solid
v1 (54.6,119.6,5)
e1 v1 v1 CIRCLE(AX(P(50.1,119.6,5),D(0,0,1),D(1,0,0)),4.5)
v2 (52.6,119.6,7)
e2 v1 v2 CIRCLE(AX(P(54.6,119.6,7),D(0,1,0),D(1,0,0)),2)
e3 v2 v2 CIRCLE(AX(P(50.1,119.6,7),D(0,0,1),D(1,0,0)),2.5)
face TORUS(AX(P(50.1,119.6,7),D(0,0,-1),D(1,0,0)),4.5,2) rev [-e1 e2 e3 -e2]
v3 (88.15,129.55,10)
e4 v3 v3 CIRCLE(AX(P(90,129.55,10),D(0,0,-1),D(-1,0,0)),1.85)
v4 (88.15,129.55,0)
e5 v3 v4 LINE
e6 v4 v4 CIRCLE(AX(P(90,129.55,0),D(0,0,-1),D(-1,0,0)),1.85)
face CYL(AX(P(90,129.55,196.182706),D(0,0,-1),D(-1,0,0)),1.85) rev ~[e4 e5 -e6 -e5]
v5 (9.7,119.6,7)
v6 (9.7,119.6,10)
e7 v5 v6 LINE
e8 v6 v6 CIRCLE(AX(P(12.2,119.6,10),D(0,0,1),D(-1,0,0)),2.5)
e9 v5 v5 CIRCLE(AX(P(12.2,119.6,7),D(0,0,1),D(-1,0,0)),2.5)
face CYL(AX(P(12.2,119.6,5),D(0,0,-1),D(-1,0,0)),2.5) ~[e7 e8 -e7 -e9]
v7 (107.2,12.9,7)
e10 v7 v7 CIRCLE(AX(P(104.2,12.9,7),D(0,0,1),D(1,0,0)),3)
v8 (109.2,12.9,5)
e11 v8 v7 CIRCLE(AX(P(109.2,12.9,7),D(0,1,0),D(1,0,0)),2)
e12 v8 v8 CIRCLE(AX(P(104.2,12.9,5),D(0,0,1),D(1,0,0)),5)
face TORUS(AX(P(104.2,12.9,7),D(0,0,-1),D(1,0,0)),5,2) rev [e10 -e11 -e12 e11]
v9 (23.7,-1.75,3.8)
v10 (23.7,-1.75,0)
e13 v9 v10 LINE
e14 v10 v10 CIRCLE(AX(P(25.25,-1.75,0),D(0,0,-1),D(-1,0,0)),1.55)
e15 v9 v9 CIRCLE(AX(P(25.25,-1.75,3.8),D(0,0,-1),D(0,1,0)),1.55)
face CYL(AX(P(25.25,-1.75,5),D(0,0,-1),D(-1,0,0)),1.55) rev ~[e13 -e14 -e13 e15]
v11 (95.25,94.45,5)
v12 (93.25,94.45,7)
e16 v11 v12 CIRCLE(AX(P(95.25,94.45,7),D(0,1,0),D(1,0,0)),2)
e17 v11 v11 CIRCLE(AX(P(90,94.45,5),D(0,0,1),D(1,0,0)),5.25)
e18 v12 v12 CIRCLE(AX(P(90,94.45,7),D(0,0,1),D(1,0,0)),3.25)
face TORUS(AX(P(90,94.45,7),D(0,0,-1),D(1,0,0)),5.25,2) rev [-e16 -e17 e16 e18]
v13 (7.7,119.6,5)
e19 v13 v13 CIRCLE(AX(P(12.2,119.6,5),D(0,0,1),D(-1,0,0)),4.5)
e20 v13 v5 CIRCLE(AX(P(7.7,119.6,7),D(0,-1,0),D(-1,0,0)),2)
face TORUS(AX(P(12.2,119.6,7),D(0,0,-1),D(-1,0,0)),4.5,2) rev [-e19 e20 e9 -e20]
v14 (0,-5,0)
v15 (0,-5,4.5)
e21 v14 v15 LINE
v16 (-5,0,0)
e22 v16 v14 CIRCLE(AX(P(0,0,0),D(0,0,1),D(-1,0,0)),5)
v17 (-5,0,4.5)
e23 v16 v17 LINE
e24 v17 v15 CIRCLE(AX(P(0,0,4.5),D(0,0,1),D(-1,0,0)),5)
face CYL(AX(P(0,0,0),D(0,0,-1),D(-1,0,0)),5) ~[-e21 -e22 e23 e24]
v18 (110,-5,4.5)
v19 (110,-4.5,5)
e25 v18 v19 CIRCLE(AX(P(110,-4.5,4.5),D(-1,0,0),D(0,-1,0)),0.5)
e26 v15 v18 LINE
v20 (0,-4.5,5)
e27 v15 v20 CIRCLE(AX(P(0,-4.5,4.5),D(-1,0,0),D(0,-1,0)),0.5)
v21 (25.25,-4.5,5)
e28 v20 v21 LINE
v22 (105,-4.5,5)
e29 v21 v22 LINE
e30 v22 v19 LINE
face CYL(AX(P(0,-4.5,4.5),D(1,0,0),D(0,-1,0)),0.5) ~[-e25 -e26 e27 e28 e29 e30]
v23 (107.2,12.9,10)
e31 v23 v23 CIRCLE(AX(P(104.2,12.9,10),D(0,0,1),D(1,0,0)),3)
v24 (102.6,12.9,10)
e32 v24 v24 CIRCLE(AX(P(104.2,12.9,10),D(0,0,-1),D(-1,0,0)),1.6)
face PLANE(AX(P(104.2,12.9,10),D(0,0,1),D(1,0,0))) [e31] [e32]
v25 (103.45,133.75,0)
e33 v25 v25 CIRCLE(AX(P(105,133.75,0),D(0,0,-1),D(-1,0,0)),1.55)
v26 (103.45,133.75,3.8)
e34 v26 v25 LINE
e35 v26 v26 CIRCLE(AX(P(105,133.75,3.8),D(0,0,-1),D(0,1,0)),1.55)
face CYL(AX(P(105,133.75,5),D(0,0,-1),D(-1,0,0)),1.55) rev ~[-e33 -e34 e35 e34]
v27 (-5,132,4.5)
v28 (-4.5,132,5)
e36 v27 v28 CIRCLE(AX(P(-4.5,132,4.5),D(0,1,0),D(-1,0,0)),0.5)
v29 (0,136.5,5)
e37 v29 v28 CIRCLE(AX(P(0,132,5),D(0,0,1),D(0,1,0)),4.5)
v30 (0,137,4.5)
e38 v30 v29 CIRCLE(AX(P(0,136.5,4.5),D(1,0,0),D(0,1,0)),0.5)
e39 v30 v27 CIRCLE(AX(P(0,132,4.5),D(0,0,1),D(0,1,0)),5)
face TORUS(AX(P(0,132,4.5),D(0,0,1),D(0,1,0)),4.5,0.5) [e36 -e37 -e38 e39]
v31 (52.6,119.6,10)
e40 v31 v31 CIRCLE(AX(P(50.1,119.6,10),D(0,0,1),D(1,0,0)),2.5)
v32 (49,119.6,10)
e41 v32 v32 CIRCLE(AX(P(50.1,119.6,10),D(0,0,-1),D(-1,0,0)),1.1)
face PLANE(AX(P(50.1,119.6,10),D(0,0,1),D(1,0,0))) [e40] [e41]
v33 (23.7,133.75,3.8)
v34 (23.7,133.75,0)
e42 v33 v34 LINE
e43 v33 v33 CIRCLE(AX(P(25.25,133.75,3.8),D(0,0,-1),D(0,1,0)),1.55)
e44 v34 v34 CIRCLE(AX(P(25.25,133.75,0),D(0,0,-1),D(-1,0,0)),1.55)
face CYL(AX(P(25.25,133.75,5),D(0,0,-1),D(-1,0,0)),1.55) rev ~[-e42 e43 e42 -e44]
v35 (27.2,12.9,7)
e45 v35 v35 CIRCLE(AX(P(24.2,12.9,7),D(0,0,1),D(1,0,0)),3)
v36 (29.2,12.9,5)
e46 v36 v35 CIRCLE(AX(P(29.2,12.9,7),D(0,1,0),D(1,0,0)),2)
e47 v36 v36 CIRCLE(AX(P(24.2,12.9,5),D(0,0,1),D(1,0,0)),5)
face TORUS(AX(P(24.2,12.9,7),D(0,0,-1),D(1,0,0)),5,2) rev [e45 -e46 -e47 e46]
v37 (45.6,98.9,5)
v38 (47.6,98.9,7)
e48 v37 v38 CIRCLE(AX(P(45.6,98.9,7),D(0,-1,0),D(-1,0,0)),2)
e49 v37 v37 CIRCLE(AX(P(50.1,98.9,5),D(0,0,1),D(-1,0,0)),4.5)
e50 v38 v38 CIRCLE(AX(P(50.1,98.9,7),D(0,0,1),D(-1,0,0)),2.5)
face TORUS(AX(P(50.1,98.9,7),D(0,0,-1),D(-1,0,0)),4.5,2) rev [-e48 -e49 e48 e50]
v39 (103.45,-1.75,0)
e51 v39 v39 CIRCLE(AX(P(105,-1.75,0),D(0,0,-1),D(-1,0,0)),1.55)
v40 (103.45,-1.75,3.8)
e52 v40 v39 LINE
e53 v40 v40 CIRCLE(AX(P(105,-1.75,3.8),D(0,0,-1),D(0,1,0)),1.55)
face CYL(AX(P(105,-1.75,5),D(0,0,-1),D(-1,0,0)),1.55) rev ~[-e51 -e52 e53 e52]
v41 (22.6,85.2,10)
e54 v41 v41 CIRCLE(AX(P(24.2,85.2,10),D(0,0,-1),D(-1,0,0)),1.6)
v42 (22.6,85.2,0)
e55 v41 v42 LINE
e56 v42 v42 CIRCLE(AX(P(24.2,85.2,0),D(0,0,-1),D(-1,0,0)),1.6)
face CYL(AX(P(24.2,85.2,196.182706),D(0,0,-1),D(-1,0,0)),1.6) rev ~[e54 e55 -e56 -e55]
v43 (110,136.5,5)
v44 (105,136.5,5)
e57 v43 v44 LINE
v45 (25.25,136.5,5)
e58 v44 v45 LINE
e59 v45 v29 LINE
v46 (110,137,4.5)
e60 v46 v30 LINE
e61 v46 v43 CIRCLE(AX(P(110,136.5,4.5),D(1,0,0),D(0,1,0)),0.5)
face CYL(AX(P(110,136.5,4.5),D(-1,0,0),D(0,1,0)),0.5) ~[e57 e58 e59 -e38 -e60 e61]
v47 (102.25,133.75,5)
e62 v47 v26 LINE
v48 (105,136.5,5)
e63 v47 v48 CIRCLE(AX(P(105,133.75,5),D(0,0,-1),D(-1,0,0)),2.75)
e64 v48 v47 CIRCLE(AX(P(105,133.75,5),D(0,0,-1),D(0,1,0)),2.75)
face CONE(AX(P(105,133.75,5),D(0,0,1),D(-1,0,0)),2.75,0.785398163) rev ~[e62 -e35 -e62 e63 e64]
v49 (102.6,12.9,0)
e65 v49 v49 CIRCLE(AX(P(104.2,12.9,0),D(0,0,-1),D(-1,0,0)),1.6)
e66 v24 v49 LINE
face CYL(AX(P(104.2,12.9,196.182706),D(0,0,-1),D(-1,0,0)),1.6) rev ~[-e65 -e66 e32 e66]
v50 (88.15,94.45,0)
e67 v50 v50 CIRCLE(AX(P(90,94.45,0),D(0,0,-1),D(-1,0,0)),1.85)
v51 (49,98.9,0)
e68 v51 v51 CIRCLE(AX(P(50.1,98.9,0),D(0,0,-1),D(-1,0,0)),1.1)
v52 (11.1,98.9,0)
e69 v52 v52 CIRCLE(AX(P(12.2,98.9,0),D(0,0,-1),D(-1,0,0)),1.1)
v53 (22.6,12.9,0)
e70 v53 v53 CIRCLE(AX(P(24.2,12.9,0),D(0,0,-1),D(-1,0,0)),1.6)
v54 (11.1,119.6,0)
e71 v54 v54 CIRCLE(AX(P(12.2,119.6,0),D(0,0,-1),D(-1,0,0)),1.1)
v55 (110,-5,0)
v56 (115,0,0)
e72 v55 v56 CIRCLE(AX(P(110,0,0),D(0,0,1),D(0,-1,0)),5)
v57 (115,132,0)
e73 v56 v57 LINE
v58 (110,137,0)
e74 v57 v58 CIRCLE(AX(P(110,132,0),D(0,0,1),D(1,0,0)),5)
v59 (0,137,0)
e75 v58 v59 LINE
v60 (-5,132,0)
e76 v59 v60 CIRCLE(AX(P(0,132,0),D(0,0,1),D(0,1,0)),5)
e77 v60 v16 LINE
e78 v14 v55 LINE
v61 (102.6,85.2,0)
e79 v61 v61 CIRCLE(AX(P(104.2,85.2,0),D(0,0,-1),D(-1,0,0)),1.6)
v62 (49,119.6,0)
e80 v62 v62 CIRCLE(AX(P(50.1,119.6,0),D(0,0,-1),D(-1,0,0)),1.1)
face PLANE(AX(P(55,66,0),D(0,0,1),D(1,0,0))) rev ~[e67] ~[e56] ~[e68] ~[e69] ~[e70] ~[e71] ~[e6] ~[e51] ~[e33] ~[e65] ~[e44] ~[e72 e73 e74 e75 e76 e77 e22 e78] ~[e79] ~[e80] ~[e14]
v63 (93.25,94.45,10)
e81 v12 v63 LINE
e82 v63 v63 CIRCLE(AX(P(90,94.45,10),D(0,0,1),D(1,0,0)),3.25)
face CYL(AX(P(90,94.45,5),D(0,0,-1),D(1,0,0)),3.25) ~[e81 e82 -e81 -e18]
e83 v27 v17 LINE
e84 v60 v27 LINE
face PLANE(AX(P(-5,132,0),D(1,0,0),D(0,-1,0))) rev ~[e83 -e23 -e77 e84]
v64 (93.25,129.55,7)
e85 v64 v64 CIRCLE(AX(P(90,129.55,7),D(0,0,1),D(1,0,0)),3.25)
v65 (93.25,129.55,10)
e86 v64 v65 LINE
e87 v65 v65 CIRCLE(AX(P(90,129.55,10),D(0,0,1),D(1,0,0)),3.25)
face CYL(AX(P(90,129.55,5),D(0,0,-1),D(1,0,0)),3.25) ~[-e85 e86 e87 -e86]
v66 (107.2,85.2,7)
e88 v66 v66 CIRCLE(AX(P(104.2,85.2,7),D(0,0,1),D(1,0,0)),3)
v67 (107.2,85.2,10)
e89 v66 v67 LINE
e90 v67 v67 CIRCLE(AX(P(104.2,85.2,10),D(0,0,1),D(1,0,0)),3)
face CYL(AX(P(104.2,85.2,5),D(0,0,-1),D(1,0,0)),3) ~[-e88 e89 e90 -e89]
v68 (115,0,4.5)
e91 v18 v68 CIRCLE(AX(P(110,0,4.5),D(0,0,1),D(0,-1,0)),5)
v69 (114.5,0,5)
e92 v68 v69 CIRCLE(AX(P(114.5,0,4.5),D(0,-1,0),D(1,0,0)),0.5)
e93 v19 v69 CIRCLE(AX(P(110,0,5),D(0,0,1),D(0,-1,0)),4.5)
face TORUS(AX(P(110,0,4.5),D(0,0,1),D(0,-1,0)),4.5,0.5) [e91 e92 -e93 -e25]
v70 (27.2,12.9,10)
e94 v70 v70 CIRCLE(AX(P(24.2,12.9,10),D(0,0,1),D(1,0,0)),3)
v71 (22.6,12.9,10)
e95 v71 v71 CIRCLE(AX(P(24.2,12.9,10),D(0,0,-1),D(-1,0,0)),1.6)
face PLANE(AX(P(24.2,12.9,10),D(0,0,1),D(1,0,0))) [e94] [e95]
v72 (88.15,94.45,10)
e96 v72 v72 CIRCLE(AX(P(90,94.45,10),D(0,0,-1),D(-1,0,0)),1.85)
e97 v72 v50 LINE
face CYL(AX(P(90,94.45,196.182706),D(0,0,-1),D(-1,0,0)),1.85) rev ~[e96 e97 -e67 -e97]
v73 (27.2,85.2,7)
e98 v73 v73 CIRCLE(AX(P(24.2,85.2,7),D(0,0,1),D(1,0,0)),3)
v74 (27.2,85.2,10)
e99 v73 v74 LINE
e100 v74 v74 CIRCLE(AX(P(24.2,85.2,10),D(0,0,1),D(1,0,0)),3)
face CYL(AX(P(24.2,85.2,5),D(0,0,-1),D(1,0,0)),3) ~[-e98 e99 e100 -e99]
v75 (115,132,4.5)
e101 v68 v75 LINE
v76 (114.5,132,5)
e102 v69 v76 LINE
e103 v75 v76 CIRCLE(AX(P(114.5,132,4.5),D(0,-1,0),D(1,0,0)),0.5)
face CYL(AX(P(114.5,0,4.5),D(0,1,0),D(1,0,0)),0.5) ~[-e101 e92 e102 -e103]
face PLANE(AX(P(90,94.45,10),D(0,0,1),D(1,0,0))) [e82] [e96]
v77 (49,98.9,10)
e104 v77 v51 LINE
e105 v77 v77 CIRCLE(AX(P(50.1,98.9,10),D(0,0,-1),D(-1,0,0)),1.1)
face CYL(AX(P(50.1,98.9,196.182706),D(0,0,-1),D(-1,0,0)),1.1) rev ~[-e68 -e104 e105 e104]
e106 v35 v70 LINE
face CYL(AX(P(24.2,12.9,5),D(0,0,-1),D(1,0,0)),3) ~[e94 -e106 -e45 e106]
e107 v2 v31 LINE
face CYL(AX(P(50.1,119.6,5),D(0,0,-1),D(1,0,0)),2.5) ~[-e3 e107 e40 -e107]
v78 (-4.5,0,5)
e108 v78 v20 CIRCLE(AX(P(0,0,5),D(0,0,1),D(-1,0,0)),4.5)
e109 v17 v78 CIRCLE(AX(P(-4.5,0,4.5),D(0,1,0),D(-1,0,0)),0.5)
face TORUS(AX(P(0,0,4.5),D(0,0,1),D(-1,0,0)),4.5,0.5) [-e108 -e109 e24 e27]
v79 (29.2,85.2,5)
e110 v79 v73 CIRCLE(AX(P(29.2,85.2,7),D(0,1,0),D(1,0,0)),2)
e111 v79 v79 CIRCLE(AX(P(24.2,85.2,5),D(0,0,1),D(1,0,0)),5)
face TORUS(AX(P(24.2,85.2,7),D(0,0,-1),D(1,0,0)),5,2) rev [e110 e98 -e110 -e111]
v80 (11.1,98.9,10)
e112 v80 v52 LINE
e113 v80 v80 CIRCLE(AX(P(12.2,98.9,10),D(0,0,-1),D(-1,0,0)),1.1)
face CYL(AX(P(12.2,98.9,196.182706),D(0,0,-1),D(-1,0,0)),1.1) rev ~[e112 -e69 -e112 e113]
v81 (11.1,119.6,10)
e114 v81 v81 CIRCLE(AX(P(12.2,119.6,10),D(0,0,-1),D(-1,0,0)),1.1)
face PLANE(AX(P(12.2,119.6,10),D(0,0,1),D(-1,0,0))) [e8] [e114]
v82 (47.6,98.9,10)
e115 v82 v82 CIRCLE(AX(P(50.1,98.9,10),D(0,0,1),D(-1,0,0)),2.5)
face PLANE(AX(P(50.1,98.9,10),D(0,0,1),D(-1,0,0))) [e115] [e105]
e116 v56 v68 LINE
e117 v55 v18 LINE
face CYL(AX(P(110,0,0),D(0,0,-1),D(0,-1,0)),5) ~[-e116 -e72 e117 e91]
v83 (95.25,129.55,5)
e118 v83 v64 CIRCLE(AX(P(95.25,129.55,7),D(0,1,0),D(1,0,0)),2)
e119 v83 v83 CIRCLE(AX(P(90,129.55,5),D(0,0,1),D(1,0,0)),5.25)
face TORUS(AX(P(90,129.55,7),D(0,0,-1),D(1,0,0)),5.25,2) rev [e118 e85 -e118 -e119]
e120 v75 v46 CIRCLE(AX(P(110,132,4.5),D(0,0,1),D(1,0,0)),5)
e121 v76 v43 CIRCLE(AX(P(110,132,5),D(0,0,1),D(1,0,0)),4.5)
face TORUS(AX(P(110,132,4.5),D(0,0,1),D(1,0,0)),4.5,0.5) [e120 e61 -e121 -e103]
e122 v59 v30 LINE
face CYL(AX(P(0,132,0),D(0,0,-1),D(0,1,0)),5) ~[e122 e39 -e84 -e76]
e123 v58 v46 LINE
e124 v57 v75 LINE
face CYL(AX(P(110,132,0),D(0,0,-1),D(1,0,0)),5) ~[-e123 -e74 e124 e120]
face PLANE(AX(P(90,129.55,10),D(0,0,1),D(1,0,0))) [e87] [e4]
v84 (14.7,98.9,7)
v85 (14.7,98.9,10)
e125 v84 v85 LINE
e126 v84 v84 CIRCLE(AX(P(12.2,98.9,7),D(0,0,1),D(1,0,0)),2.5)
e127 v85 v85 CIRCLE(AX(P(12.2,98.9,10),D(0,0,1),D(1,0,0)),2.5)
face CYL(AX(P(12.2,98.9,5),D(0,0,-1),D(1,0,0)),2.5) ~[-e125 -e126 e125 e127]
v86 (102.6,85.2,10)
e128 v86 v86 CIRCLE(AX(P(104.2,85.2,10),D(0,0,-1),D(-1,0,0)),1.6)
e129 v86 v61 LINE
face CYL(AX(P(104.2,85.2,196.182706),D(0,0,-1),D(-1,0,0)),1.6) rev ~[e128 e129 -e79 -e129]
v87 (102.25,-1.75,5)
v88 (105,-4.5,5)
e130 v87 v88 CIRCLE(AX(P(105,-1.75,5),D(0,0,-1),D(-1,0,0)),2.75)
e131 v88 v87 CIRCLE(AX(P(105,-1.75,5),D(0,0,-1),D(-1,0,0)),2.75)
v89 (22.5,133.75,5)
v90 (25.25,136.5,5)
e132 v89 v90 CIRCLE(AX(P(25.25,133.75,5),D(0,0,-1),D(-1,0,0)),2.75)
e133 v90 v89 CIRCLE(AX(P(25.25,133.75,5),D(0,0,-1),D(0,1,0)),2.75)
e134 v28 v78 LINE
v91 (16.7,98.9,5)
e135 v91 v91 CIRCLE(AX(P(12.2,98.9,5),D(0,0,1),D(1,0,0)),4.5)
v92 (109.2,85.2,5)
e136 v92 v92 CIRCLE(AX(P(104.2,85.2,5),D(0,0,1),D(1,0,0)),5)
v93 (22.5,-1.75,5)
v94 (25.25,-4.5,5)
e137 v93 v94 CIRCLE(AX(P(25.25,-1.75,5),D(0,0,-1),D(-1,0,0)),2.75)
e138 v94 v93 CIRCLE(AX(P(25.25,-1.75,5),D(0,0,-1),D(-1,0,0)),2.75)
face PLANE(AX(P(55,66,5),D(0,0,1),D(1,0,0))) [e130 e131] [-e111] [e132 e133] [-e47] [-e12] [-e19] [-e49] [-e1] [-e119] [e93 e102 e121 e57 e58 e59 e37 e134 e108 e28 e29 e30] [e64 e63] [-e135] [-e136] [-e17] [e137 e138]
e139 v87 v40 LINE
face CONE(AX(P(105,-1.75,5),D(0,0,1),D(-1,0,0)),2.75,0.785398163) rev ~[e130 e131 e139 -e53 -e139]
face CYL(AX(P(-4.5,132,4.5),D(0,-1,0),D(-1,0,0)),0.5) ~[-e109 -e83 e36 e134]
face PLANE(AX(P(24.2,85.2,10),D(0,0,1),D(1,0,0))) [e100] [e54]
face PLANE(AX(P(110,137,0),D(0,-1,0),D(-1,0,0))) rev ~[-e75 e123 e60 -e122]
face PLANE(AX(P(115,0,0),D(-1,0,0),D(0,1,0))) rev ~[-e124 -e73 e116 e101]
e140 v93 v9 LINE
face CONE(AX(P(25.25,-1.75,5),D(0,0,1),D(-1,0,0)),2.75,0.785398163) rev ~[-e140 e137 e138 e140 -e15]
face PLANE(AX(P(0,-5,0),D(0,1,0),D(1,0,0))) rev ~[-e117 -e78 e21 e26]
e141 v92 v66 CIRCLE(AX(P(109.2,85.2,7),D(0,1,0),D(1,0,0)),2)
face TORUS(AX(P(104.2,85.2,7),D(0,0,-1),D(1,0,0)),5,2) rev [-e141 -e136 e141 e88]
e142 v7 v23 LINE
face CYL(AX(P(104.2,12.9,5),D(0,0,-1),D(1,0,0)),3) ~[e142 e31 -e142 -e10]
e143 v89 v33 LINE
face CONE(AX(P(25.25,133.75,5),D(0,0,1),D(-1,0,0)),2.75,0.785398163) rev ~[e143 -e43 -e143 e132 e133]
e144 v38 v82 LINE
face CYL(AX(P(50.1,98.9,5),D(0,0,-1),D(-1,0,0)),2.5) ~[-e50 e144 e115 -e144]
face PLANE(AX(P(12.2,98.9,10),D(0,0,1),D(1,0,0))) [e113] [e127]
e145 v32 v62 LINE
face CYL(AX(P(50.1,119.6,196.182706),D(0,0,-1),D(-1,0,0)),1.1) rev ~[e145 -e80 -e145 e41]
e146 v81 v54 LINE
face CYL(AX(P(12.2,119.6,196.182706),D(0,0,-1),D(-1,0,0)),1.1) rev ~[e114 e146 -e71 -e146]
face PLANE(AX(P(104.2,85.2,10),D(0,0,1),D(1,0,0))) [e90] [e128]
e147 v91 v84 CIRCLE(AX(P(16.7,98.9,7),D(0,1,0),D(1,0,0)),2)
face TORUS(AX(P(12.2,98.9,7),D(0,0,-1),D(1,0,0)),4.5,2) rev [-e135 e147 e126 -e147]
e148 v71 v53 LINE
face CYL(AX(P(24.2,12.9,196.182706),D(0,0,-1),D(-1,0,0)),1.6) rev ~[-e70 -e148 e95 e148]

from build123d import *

# Parameters (mm, degrees)
RESSALTO_EXTRUS_O1_DEPTH                             = 5
FILETE2_R                                            = 0.5
ESBO_O6_R                                            = 3
ESBO_O6_R_2                                          = 3.25
ESBO_O6_R_3                                          = 2.5
RESSALTO_EXTRUS_O3_DEPTH                             = 5
FURO_COM_FOLGA_DE_M21_D                              = 2.2
FURO_COM_FOLGA_DE_M31_D                              = 3.2
FURO_COM_FOLGA_DE_M3_51_D                            = 3.7
ESCAREADO_PARA_PARAFUSO_COM_CABE_A_ESCAR_D           = 3.1
ESCAREADO_PARA_PARAFUSO_COM_CABE_A_ESCAR_CSINK_D     = 5.5
ESCAREADO_PARA_PARAFUSO_COM_CABE_A_ESCAR_CSINK_ANGLE = 90
FILETE3_R                                            = 2


with BuildPart() as part:
    # Esboço1 → Ressalto-extrusão1 (new body)
    with BuildSketch(Plane.XY):
        with BuildLine():
            Line((0, -5), (110, -5))
            ThreePointArc((110, -5), (113.535533906, -3.535533906), (115, 0))
            Line((115, 0), (115, 132))
            ThreePointArc((115, 132), (113.535533906, 135.535533906), (110, 137))
            Line((110, 137), (0, 137))
            ThreePointArc((0, 137), (-3.535533906, 135.535533906), (-5, 132))
            Line((-5, 132), (-5, 0))
            ThreePointArc((-5, 0), (-3.535533906, -3.535533906), (0, -5))
        make_face()
    extrude(amount=RESSALTO_EXTRUS_O1_DEPTH)

    # Filete2
    filete2_edges = [part.edges().sort_by_distance(p)[0] for p in [
        (113.535533906, 135.535533906, 5),
        (55, 137, 5),
        (-3.535533906, 135.535533906, 5),
        (-5, 66, 5),
        (-3.535533906, -3.535533906, 5),
        (55, -5, 5),
        (113.535533906, -3.535533906, 5),
        (115, 66, 5),
    ]]
    fillet(filete2_edges, radius=FILETE2_R)

    # Esboço6 → Ressalto-extrusão3 (add)
    with BuildSketch(Plane.XY.offset(5)):
        with Locations((24.2, 85.2)):
            Circle(ESBO_O6_R)
        with Locations((104.2, 85.2)):
            Circle(ESBO_O6_R)
        with Locations((104.2, 12.9)):
            Circle(ESBO_O6_R)
        with Locations((24.2, 12.9)):
            Circle(ESBO_O6_R)
        with Locations((90, 129.55)):
            Circle(ESBO_O6_R_2)
        with Locations((90, 94.45)):
            Circle(ESBO_O6_R_2)
        with Locations(Location((50.1, 98.9, 0), (0, 0, 180))):
            Circle(ESBO_O6_R_3)
        with Locations(Location((12.2, 119.6, 0), (0, 0, 180))):
            Circle(ESBO_O6_R_3)
        with Locations((12.2, 98.9)):
            Circle(ESBO_O6_R_3)
        with Locations((50.1, 119.6)):
            Circle(ESBO_O6_R_3)
    extrude(amount=RESSALTO_EXTRUS_O3_DEPTH)

    # Furo com folga de M21 (through all)
    with Locations(Plane.XY.offset(10)):
        with Locations((12.2, 119.6), (12.2, 98.9), (50.1, 119.6), (50.1, 98.9)):
            Hole(FURO_COM_FOLGA_DE_M21_D / 2)

    # Furo com folga de M31 (through all)
    with Locations(Plane.XY.offset(10)):
        with Locations((24.2, 85.2), (24.2, 12.9), (104.2, 12.9), (104.2, 85.2)):
            Hole(FURO_COM_FOLGA_DE_M31_D / 2)

    # Furo com folga de M3.51 (through all)
    with Locations(Plane.XY.offset(10)):
        with Locations((90, 129.55), (90, 94.45)):
            Hole(FURO_COM_FOLGA_DE_M3_51_D / 2)

    # Escareado para parafuso com cabeça escareada chata de M2.51 (through all)
    with Locations(Plane.XY.offset(5)):
        with Locations((25.25, 133.75), (105, 133.75), (105, -1.75), (25.25, -1.75)):
            CounterSinkHole(ESCAREADO_PARA_PARAFUSO_COM_CABE_A_ESCAR_D / 2, ESCAREADO_PARA_PARAFUSO_COM_CABE_A_ESCAR_CSINK_D / 2, counter_sink_angle=ESCAREADO_PARA_PARAFUSO_COM_CABE_A_ESCAR_CSINK_ANGLE)

    # Filete3
    filete3_edges = [part.edges().sort_by_distance(p)[0] for p in [
        (21.2, 85.2, 5),
        (101.2, 85.2, 5),
        (101.2, 12.9, 5),
        (21.2, 12.9, 5),
        (86.75, 129.55, 5),
        (86.75, 94.45, 5),
        (9.7, 98.9, 5),
        (52.6, 98.9, 5),
        (14.7, 119.6, 5),
        (47.6, 119.6, 5),
    ]]
    fillet(filete3_edges, radius=FILETE3_R)


solid = part.part
